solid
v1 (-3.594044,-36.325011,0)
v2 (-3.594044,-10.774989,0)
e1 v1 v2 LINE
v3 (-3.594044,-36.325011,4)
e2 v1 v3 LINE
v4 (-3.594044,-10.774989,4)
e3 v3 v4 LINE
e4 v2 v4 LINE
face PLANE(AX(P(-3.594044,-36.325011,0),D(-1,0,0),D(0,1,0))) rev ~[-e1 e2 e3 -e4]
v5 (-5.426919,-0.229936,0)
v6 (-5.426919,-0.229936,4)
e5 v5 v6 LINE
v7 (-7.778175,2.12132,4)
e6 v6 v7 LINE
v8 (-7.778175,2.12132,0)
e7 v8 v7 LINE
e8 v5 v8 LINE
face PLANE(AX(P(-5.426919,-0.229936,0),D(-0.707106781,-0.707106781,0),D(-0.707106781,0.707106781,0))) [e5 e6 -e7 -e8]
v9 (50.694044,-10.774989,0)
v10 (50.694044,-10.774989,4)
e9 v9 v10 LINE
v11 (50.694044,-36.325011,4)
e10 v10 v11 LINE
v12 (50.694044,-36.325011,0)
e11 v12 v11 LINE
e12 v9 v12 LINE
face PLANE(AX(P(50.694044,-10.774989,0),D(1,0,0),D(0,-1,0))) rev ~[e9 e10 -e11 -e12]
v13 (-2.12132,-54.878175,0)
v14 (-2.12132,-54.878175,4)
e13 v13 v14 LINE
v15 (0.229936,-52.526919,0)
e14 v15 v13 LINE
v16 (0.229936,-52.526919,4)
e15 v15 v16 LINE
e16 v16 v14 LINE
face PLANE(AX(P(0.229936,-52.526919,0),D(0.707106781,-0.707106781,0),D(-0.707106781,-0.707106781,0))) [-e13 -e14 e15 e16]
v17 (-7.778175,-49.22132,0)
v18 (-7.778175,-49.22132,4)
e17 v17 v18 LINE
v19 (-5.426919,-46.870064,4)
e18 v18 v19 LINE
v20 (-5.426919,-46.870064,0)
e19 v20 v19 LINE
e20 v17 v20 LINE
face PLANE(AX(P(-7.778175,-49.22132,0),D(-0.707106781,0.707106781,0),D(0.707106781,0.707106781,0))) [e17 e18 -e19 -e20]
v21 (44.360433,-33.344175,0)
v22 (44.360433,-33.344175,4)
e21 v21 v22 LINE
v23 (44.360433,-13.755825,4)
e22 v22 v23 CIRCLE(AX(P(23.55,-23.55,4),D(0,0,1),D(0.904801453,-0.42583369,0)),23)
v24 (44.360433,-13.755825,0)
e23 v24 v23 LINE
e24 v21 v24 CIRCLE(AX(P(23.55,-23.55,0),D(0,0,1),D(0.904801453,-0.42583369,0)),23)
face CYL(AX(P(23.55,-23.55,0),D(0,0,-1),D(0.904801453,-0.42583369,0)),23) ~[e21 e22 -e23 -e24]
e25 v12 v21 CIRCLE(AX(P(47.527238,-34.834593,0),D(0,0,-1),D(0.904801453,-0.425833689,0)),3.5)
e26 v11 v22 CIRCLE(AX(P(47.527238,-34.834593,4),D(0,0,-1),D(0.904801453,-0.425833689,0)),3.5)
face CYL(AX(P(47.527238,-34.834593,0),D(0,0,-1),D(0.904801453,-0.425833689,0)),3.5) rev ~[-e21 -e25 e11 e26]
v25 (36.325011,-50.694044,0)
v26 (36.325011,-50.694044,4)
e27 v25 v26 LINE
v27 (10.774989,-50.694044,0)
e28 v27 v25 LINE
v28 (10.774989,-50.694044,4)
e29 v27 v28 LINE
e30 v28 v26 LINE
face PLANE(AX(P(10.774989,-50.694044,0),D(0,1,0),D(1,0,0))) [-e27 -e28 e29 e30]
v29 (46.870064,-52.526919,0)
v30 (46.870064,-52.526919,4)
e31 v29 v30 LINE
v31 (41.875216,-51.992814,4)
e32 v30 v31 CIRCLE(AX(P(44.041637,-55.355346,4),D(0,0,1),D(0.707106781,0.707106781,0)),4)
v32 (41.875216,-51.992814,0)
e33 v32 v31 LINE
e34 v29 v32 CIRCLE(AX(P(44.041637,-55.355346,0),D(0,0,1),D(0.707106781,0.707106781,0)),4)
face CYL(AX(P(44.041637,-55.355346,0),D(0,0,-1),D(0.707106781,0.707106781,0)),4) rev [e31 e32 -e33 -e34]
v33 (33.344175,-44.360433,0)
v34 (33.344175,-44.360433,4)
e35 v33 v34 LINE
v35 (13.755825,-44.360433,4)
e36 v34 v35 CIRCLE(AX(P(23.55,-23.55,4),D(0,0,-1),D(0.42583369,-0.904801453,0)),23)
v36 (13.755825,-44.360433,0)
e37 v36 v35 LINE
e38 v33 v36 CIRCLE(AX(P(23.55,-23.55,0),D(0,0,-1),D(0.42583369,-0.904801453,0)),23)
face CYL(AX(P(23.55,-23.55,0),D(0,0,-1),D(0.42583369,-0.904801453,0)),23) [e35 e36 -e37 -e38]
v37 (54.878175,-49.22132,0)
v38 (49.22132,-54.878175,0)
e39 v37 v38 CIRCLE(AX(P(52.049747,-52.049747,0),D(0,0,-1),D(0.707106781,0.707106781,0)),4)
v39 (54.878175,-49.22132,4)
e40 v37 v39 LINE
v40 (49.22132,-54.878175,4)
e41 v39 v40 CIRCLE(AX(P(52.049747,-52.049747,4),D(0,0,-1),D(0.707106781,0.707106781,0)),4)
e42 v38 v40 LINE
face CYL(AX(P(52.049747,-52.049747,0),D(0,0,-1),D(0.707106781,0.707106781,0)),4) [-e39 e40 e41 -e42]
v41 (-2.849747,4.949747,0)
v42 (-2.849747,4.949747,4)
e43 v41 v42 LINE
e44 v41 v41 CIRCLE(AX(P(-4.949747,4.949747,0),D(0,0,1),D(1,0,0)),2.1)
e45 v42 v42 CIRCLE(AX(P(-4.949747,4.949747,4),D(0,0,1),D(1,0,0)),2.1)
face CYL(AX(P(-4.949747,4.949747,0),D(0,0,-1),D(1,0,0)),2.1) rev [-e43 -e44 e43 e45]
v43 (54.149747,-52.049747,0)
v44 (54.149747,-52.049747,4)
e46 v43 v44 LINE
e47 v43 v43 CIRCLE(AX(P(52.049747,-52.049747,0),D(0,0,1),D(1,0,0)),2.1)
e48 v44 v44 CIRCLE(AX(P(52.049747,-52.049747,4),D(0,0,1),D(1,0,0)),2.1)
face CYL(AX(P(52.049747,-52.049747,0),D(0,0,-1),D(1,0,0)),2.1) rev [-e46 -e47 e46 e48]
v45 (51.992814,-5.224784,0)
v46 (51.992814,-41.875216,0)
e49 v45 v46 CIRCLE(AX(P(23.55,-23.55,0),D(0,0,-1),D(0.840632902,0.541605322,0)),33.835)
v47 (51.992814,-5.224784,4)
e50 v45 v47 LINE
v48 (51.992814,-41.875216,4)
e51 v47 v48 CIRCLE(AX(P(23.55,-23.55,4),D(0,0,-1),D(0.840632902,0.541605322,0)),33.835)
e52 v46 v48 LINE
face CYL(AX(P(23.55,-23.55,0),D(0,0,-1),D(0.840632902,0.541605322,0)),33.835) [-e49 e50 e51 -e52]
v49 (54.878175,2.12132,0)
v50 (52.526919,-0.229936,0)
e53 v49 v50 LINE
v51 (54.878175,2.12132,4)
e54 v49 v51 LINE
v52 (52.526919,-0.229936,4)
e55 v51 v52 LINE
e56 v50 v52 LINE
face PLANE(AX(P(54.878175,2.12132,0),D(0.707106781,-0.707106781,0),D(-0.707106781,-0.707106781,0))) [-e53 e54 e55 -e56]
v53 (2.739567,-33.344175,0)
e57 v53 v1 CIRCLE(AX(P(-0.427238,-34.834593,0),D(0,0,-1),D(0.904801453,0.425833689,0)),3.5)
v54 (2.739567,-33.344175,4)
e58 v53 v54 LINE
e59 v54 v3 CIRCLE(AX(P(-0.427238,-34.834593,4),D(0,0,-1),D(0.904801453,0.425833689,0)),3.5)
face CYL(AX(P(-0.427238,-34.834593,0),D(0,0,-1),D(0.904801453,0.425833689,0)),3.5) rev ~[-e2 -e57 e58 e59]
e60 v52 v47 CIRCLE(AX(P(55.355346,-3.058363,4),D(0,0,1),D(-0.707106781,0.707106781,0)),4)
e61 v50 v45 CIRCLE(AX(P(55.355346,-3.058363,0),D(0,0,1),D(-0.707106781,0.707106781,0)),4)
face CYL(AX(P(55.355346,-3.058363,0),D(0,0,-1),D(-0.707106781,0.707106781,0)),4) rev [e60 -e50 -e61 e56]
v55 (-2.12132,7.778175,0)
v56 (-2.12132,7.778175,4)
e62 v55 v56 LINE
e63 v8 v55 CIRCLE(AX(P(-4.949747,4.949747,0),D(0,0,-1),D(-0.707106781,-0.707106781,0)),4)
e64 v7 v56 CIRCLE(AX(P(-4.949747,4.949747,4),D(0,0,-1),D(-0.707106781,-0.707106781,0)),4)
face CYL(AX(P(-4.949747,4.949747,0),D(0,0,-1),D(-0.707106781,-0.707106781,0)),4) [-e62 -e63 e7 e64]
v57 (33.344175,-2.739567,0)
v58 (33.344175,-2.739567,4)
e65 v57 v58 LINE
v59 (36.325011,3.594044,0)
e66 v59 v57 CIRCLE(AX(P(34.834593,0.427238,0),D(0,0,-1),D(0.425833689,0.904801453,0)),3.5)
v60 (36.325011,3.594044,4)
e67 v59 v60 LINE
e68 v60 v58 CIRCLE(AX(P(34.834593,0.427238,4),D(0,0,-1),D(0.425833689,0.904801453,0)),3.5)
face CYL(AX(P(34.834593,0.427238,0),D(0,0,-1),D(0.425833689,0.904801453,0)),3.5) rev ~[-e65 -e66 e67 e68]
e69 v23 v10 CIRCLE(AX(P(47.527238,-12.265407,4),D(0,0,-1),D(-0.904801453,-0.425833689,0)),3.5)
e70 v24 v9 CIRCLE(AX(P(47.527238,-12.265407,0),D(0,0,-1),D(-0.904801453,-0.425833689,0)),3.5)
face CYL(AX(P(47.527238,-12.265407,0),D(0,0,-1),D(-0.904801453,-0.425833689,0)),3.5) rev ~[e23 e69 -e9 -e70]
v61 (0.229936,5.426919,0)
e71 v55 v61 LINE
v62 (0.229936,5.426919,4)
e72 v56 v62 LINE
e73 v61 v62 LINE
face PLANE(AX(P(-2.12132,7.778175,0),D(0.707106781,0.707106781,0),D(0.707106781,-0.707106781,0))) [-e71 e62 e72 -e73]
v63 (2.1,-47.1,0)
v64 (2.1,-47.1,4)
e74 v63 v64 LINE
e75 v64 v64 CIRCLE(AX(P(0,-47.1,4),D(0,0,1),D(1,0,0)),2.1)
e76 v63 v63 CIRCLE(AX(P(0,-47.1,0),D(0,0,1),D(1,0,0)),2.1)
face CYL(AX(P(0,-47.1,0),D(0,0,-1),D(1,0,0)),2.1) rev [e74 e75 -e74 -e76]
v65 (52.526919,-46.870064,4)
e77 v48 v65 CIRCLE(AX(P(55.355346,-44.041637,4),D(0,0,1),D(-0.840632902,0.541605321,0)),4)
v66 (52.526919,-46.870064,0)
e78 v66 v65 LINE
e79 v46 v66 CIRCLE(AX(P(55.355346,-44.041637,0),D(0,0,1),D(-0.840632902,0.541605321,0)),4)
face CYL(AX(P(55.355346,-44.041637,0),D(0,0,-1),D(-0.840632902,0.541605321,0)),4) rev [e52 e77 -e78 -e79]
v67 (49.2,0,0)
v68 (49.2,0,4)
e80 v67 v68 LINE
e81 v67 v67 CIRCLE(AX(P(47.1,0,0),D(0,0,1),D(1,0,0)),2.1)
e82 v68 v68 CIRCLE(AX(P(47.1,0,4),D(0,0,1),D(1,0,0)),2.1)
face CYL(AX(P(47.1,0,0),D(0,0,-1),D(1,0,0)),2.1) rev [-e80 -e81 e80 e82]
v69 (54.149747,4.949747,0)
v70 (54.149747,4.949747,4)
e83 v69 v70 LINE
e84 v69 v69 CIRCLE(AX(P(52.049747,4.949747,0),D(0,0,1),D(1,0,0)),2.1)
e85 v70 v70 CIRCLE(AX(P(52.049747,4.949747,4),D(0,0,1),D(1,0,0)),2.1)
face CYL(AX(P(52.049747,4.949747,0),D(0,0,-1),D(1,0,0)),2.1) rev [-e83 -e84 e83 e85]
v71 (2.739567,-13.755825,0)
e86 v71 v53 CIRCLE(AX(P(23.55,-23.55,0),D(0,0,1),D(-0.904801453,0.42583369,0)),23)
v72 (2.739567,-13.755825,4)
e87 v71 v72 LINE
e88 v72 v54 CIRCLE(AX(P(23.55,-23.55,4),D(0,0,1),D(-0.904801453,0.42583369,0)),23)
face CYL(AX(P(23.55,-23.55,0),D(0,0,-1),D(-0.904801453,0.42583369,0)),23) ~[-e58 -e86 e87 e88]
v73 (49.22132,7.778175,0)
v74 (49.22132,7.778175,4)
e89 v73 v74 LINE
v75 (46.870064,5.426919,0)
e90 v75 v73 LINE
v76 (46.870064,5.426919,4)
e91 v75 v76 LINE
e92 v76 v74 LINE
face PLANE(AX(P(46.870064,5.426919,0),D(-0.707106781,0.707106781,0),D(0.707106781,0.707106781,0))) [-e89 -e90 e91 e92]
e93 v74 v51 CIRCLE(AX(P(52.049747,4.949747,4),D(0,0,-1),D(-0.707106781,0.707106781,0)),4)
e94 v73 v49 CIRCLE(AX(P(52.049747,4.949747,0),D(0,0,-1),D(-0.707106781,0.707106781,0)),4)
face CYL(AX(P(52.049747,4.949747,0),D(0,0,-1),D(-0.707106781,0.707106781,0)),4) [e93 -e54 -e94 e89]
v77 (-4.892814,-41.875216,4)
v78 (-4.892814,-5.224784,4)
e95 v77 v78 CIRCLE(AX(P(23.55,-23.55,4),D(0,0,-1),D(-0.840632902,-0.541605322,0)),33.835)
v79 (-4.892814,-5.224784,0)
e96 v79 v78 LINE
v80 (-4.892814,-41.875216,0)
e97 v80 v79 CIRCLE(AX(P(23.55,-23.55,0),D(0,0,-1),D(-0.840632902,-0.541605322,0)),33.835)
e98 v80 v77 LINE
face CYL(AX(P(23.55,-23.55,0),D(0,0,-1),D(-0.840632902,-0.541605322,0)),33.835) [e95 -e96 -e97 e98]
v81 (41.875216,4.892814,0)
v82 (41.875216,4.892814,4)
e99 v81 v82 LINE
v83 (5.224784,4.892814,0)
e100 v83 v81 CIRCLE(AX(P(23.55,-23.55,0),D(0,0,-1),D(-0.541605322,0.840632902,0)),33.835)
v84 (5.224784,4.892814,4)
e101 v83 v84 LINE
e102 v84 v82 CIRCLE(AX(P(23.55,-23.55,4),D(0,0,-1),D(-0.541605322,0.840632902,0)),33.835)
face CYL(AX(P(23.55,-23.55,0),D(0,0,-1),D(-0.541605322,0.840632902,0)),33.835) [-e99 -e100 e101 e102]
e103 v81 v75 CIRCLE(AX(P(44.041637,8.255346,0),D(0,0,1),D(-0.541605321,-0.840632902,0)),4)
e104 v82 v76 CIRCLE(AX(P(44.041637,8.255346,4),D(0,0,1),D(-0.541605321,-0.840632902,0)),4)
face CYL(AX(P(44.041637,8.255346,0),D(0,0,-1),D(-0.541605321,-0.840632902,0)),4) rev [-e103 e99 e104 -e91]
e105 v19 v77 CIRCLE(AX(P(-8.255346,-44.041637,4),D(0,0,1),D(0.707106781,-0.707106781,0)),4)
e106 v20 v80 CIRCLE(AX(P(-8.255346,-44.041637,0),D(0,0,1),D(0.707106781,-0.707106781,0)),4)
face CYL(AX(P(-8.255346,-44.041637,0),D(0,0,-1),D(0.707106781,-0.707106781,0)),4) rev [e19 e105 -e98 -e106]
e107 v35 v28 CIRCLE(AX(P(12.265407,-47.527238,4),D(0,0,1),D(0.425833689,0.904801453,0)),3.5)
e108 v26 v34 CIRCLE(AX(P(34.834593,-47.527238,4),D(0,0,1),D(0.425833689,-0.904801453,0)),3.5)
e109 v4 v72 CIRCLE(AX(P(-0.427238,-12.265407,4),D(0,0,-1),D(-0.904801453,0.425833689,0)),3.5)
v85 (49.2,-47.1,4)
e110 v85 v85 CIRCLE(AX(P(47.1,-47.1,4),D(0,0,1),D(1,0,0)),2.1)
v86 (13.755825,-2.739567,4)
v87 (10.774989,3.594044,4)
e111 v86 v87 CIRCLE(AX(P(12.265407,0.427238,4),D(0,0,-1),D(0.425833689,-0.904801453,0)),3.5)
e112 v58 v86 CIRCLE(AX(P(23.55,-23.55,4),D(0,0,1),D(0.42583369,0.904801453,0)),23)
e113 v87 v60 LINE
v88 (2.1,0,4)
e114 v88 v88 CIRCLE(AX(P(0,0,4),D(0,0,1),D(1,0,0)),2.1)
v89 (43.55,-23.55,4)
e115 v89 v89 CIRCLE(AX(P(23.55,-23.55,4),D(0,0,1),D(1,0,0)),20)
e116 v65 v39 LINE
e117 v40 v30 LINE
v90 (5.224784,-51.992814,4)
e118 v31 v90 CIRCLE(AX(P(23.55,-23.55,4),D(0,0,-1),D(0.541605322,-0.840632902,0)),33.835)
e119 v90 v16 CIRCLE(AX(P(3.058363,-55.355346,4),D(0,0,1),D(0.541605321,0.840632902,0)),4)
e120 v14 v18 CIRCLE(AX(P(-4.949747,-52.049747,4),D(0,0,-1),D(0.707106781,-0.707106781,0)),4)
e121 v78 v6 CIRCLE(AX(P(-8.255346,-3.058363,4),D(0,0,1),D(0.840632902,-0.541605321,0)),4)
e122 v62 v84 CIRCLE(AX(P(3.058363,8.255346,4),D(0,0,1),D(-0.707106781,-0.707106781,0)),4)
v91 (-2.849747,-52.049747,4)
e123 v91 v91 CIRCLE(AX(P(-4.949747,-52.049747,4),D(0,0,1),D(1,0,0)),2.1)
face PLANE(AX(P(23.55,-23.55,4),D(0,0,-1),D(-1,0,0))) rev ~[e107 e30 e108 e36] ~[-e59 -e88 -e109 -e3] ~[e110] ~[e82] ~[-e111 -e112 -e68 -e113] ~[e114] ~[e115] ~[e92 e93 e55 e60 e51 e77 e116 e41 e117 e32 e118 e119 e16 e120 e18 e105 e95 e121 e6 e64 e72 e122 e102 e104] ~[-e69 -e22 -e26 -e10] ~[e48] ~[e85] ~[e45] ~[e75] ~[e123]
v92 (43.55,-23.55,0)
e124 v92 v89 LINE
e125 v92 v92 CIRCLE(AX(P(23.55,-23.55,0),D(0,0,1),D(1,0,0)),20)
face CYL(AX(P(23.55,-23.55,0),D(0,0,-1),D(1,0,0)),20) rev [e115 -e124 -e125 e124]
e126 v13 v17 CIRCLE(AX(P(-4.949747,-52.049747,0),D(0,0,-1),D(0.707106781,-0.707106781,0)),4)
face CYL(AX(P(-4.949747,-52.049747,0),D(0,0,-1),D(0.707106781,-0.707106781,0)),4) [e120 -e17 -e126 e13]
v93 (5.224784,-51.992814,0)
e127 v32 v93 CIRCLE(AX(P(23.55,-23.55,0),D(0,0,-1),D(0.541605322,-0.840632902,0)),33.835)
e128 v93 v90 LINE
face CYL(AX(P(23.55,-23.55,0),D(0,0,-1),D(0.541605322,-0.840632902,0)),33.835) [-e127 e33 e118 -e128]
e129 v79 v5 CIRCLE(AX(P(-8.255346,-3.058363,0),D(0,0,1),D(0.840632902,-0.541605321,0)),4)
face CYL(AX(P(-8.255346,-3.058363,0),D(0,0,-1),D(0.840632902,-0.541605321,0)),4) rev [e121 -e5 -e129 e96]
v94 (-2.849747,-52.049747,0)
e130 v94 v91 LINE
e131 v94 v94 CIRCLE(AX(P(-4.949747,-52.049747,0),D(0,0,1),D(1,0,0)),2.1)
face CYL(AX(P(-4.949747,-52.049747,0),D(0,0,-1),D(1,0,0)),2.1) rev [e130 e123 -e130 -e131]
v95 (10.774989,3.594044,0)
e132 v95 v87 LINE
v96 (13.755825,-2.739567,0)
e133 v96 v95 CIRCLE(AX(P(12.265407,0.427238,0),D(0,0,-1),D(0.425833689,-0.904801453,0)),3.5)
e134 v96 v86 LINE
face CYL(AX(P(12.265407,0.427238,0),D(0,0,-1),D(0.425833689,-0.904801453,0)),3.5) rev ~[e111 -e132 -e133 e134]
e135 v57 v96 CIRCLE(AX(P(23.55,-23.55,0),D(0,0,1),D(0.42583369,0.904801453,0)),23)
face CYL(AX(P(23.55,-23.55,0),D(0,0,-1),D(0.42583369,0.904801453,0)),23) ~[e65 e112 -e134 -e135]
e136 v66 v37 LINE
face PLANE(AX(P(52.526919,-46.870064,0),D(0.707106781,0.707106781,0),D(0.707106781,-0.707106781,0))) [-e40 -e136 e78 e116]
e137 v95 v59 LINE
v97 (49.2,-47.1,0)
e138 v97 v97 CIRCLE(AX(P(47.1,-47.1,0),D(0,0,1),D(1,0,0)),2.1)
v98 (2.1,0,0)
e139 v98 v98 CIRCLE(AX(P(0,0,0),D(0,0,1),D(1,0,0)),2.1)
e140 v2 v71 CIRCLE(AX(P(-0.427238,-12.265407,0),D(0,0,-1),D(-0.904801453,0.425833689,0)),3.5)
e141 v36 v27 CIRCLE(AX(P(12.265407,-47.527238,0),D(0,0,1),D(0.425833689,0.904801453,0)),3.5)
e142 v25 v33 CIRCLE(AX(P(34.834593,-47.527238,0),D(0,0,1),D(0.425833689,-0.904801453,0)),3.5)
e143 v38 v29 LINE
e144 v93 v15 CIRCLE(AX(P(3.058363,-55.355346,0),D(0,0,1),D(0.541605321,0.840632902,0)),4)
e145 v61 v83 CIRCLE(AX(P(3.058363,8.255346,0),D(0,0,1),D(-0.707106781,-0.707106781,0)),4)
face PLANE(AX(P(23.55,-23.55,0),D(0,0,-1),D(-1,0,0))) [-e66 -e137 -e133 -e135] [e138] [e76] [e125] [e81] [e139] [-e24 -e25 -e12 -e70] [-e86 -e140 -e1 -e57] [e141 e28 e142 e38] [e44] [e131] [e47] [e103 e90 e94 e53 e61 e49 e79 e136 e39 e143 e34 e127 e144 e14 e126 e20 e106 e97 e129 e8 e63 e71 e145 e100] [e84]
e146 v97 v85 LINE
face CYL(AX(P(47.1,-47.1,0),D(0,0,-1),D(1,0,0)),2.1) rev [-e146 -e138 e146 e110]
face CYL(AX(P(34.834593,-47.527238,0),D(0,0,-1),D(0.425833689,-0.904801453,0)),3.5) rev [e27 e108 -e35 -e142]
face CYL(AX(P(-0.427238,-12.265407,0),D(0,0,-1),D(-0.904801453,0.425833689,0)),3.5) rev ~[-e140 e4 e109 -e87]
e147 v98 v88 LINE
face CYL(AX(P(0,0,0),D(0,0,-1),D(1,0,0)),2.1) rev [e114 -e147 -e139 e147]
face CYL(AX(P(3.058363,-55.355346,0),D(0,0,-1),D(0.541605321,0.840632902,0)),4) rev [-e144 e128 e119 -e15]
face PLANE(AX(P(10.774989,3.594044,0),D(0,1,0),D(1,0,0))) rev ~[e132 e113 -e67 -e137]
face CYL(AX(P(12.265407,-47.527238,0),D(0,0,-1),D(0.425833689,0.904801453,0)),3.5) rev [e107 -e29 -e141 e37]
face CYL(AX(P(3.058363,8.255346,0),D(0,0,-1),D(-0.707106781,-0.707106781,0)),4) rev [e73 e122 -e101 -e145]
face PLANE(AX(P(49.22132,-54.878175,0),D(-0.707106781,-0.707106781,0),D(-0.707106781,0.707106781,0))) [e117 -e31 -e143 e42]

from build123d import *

# Parameters (mm, degrees)
SKETCH_1_R      = 2.1
SKETCH_1_R_2    = 20
EXTRUDE_1_DEPTH = 4


with BuildPart() as part:
    # 草图1 → 凸台-拉伸1 (new body)
    with BuildSketch(Plane.XY):
        with BuildLine():
            Line((49.221320344, -54.878174593), (46.870064467, -52.526918716))
            ThreePointArc((46.870064467, -52.526918716), (44.466937039, -51.378020085), (41.875216056, -51.992814233))
            ThreePointArc((41.875216056, -51.992814233), (23.55, -57.385), (5.224783944, -51.992814233))
            ThreePointArc((5.224783944, -51.992814233), (2.633062961, -51.378020085), (0.229935533, -52.526918716))
            Line((0.229935533, -52.526918716), (-2.121320344, -54.878174593))
            ThreePointArc((-2.121320344, -54.878174593), (-7.778174593, -54.878174593), (-7.778174593, -49.221320343))
            Line((-7.778174593, -49.221320343), (-5.426918716, -46.870064467))
            ThreePointArc((-5.426918716, -46.870064467), (-4.278020085, -44.466937039), (-4.892814234, -41.875216055))
            ThreePointArc((-4.892814234, -41.875216055), (-10.285, -23.55), (-4.892814233, -5.224783944))
            ThreePointArc((-4.892814233, -5.224783944), (-4.278020085, -2.633062961), (-5.426918716, -0.229935533))
            Line((-5.426918716, -0.229935533), (-7.778174593, 2.121320344))
            ThreePointArc((-7.778174593, 2.121320344), (-7.778174593, 7.778174593), (-2.121320343, 7.778174593))
            Line((-2.121320343, 7.778174593), (0.229935534, 5.426918716))
            ThreePointArc((0.229935534, 5.426918716), (2.633062961, 4.278020085), (5.224783945, 4.892814234))
            ThreePointArc((5.224783945, 4.892814234), (23.55, 10.285), (41.875216056, 4.892814233))
            ThreePointArc((41.875216056, 4.892814233), (44.466937039, 4.278020085), (46.870064467, 5.426918716))
            Line((46.870064467, 5.426918716), (49.221320344, 7.778174593))
            ThreePointArc((49.221320344, 7.778174593), (54.878174593, 7.778174593), (54.878174593, 2.121320344))
            Line((54.878174593, 2.121320344), (52.526918716, -0.229935533))
            ThreePointArc((52.526918716, -0.229935533), (51.378020085, -2.633062961), (51.992814234, -5.224783945))
            ThreePointArc((51.992814234, -5.224783945), (57.385, -23.55), (51.992814233, -41.875216056))
            ThreePointArc((51.992814233, -41.875216056), (51.378020085, -44.466937039), (52.526918716, -46.870064467))
            Line((52.526918716, -46.870064467), (54.878174593, -49.221320344))
            ThreePointArc((54.878174593, -49.221320344), (54.878174593, -54.878174593), (49.221320344, -54.878174593))
        make_face()
        with Locations((47.1, -47.1)):
            Circle(SKETCH_1_R, mode=Mode.SUBTRACT)
        with Locations((23.55, -23.55)):
            Circle(SKETCH_1_R_2, mode=Mode.SUBTRACT)
        with Locations((52.049747468, -52.049747468)):
            Circle(SKETCH_1_R, mode=Mode.SUBTRACT)
        with Locations((-4.949747468, -52.049747468)):
            Circle(SKETCH_1_R, mode=Mode.SUBTRACT)
        with Locations((-4.949747468, 4.949747468)):
            Circle(SKETCH_1_R, mode=Mode.SUBTRACT)
        with Locations((52.049747468, 4.949747468)):
            Circle(SKETCH_1_R, mode=Mode.SUBTRACT)
        with Locations((0, -47.1)):
            Circle(SKETCH_1_R, mode=Mode.SUBTRACT)
        Circle(SKETCH_1_R, mode=Mode.SUBTRACT)
        with Locations((47.1, 0)):
            Circle(SKETCH_1_R, mode=Mode.SUBTRACT)
        with BuildLine():
            Line((10.774989316, 3.594043583), (36.325010684, 3.594043583))
            ThreePointArc((36.325010684, 3.594043583), (38.001397856, -1.063179415), (33.344174858, -2.739566587))
            ThreePointArc((33.344174858, -2.739566587), (23.55, -0.55), (13.755825142, -2.739566587))
            ThreePointArc((13.755825142, -2.739566587), (9.098602144, -1.063179415), (10.774989316, 3.594043583))
        make_face(mode=Mode.SUBTRACT)
        with BuildLine():
            Line((-3.594043583, -36.325010684), (-3.594043583, -10.774989316))
            ThreePointArc((-3.594043583, -10.774989316), (1.063179415, -9.098602144), (2.739566587, -13.755825142))
            ThreePointArc((2.739566587, -13.755825142), (0.55, -23.55), (2.739566587, -33.344174858))
            ThreePointArc((2.739566587, -33.344174858), (1.063179415, -38.001397856), (-3.594043583, -36.325010684))
        make_face(mode=Mode.SUBTRACT)
        with BuildLine():
            Line((10.774989316, -50.694043583), (36.325010684, -50.694043583))
            ThreePointArc((36.325010684, -50.694043583), (38.001397856, -46.036820585), (33.344174858, -44.360433413))
            ThreePointArc((33.344174858, -44.360433413), (23.55, -46.55), (13.755825142, -44.360433413))
            ThreePointArc((13.755825142, -44.360433413), (9.098602144, -46.036820585), (10.774989316, -50.694043583))
        make_face(mode=Mode.SUBTRACT)
        with BuildLine():
            Line((50.694043583, -10.774989316), (50.694043583, -36.325010684))
            ThreePointArc((50.694043583, -36.325010684), (46.036820585, -38.001397856), (44.360433413, -33.344174858))
            ThreePointArc((44.360433413, -33.344174858), (46.55, -23.55), (44.360433413, -13.755825142))
            ThreePointArc((44.360433413, -13.755825142), (46.036820585, -9.098602144), (50.694043583, -10.774989316))
        make_face(mode=Mode.SUBTRACT)
    extrude(amount=EXTRUDE_1_DEPTH)


solid = part.part
